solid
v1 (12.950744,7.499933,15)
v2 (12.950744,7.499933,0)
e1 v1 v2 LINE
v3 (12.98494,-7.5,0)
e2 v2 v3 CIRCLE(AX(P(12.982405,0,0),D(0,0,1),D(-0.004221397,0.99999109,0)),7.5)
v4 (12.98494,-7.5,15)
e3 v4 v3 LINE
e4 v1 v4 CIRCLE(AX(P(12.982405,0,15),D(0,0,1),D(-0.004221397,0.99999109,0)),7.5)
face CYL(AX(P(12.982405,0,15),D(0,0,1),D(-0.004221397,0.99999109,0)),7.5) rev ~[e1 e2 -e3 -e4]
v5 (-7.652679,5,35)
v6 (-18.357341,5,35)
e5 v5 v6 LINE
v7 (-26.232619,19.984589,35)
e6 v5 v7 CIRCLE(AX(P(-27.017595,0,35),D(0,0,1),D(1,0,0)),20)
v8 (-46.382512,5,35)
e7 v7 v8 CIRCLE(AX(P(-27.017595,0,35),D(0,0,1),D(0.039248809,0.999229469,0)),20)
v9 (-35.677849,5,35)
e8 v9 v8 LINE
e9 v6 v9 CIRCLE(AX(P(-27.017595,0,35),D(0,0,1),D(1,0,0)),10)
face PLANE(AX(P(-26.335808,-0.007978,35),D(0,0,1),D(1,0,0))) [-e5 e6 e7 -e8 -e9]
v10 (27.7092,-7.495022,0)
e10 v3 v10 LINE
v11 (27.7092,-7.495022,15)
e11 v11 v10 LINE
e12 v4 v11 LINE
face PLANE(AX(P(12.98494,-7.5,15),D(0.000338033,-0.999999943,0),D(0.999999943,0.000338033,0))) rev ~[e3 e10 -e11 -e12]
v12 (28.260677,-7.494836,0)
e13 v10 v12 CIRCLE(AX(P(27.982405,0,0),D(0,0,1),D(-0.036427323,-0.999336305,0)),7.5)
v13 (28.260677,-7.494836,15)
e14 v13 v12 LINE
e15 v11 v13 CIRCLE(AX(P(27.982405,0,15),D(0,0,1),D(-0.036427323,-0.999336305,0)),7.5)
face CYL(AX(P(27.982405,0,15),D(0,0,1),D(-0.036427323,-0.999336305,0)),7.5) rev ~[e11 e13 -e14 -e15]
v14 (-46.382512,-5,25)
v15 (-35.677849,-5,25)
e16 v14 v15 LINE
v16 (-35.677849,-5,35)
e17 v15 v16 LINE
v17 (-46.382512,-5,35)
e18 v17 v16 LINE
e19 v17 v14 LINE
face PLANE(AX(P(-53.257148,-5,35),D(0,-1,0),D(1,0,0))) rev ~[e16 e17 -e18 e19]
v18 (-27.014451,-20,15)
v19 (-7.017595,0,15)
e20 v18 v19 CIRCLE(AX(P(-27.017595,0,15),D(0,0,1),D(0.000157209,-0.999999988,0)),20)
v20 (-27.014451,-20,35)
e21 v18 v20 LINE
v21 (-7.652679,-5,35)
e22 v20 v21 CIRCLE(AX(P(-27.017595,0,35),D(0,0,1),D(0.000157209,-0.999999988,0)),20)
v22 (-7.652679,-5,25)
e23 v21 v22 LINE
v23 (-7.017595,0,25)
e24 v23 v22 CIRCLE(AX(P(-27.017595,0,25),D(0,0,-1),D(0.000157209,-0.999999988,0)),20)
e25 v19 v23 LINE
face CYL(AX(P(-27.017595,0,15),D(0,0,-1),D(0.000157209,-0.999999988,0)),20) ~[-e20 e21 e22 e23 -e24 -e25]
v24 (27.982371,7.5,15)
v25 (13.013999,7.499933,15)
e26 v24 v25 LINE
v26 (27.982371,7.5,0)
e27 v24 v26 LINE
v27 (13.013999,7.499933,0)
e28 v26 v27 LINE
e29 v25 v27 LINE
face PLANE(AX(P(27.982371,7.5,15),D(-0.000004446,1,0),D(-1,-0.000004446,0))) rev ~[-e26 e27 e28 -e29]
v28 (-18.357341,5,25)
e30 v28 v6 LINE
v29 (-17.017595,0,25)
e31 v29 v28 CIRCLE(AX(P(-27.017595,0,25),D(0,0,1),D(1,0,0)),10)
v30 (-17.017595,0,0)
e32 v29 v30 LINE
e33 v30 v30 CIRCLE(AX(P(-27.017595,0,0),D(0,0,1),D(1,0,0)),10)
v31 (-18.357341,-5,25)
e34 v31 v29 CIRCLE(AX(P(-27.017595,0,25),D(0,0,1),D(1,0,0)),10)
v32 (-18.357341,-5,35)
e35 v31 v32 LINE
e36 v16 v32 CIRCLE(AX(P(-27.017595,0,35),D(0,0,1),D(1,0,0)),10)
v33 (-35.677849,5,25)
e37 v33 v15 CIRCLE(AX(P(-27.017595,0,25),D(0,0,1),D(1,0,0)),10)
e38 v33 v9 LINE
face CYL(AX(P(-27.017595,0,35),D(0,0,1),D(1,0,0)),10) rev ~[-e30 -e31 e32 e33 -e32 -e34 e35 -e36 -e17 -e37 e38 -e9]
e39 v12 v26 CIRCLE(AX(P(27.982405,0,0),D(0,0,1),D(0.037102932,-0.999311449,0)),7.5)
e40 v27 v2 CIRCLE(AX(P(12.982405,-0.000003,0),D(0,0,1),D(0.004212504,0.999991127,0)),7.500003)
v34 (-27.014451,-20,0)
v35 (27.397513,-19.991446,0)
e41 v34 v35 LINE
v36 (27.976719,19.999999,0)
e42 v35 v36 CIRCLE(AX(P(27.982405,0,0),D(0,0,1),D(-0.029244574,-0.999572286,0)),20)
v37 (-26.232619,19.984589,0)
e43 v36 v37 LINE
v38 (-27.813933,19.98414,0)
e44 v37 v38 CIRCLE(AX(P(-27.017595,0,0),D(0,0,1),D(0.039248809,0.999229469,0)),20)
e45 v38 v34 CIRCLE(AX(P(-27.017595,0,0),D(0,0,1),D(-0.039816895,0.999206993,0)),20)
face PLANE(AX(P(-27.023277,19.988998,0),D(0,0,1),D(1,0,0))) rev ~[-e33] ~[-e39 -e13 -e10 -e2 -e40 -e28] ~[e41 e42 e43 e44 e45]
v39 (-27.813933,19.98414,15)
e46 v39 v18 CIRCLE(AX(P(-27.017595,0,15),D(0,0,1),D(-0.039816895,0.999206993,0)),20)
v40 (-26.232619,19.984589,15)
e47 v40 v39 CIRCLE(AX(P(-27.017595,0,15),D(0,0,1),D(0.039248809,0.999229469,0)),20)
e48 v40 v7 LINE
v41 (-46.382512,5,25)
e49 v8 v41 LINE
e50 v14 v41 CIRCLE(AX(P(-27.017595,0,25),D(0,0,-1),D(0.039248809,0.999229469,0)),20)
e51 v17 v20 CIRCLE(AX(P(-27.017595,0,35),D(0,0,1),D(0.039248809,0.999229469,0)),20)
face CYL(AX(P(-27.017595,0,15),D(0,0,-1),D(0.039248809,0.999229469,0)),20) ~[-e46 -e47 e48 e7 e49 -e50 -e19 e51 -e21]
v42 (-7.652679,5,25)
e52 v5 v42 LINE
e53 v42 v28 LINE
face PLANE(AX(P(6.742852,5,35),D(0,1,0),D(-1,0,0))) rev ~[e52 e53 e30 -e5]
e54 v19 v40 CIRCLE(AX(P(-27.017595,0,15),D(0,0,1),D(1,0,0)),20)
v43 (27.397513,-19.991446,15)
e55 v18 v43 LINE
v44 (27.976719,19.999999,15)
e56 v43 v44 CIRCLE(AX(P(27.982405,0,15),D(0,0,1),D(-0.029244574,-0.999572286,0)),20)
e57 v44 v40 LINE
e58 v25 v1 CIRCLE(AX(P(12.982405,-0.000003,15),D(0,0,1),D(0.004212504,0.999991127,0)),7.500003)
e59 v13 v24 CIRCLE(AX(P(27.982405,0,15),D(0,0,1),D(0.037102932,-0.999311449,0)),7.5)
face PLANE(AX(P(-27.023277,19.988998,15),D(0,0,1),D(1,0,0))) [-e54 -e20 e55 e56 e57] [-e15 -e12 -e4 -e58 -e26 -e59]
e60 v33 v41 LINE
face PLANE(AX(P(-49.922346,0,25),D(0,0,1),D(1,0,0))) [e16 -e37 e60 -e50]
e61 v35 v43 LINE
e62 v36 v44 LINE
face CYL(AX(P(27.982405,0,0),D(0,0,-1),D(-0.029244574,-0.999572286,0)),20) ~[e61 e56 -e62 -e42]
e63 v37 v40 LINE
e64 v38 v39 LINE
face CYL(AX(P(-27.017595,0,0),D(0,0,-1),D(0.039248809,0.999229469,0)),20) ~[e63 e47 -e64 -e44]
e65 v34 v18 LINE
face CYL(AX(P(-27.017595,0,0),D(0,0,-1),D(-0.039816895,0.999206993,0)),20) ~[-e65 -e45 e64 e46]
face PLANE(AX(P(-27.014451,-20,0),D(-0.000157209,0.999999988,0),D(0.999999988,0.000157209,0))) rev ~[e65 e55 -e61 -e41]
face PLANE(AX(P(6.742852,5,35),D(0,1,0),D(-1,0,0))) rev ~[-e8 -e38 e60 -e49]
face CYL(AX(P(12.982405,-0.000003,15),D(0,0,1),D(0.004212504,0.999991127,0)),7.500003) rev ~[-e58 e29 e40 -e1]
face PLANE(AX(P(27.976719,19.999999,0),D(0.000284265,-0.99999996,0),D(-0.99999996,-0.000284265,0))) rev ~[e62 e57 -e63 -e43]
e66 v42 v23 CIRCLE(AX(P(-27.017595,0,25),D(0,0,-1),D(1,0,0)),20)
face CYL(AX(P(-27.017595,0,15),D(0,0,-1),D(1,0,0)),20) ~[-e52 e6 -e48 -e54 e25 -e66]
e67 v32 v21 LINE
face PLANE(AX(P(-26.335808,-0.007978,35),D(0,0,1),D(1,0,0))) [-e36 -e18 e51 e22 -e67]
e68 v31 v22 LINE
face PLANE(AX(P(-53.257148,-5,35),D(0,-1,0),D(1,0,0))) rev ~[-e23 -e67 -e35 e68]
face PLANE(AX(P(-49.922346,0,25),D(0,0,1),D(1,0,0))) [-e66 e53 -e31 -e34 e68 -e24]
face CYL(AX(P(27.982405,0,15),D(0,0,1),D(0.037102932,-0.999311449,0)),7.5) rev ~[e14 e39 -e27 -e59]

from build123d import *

# Parameters (mm, degrees)
F1_DEPTH = 15
F3_DEPTH = 20
F4_R     = 10
F5_DEPTH = 60.8
F7_DEPTH = 10
F9_DEPTH = 33.1


with BuildPart() as f1:
    # F0 (on Top) → F1 (new body)
    with BuildSketch(Plane.XY):
        with BuildLine():
            Line((-27.8139331382, 19.9841398605), (-26.2326190666, 19.9845893727))
            ThreePointArc((-26.2326190666, 19.9845893727), (-27.0232805468, 19.9999991919), (-27.8139331382, 19.9841398605))
        make_face()
        with BuildLine():
            Line((27.9767194532, 19.9999991919), (-26.2326190666, 19.9845893727))
            Line((-26.2326190666, 19.9845893727), (-27.8139331382, 19.9841398605))
            ThreePointArc((-27.8139331382, 19.9841398605), (-47.0135984526, -0.399819681), (-27.0144510727, -19.9999997529))
            Line((-27.0144510727, -19.9999997529), (27.397513264, -19.9914457192))
            ThreePointArc((27.397513264, -19.9914457192), (47.9803074375, -0.2896346714), (27.9767194532, 19.9999991919))
        make_face()
    extrude(amount=F1_DEPTH)

    # F2 (on face) → F3 (join)
    with BuildSketch(Plane.XY.offset(15)):
        with BuildLine():
            ThreePointArc((-27.0144510727, -19.9999997529), (-12.8743480331, -14.1410239467), (-7.0175952464, 0))
            ThreePointArc((-7.0175952464, 0), (-12.600599658, 13.8618266546), (-26.2326190666, 19.9845893727))
            ThreePointArc((-26.2326190666, 19.9845893727), (-47.0137730139, 0.3909919326), (-27.0144510727, -19.9999997529))
        make_face()
    extrude(amount=F3_DEPTH)

    # F4 (on face) → F5 (cut)
    with BuildSketch(Plane.XY.offset(35)):
        with Locations((-27.0175952464, 0)):
            Circle(F4_R)
    extrude(amount=-F5_DEPTH, mode=Mode.SUBTRACT)

    # F6 (on face) → F7 (cut)
    with BuildSketch(Plane.XY.offset(35)):
        with BuildLine():
            Line((-46.3825119775, 5), (-53.2571481913, 5))
            Line((-53.2571481913, 5), (-53.2571481913, -5))
            Line((-53.2571481913, -5), (-46.3825119775, -5))
            ThreePointArc((-46.3825119775, -5), (-47.0175952464, 0), (-46.3825119775, 5))
        make_face()
        with BuildLine():
            Line((6.7428518087, 5), (-7.6526785154, 5))
            ThreePointArc((-7.6526785154, 5), (-7.1770013211, 2.5200858497), (-7.0175952464, 0))
            ThreePointArc((-7.0175952464, 0), (-7.1770013211, -2.5200858497), (-7.6526785154, -5))
            Line((-7.6526785154, -5), (6.7428518087, -5))
            Line((6.7428518087, -5), (6.7428518087, 5))
        make_face()
        with BuildLine():
            Line((-35.6778492843, 5), (-46.3825119775, 5))
            ThreePointArc((-46.3825119775, 5), (-47.0175952464, 0), (-46.3825119775, -5))
            Line((-46.3825119775, -5), (-35.6778492843, -5))
            ThreePointArc((-35.6778492843, -5), (-37.0175952464, 0), (-35.6778492843, 5))
        make_face()
        with BuildLine():
            Line((-18.3573412086, 5), (-35.6778492843, 5))
            ThreePointArc((-35.6778492843, 5), (-37.0175952464, 0), (-35.6778492843, -5))
            Line((-35.6778492843, -5), (-18.3573412086, -5))
            ThreePointArc((-18.3573412086, -5), (-17.3583369835, -2.588190451), (-17.0175952464, 0))
            ThreePointArc((-17.0175952464, 0), (-17.3583369835, 2.588190451), (-18.3573412086, 5))
        make_face()
        with BuildLine():
            ThreePointArc((-7.0175952464, 0), (-7.1770013211, 2.5200858497), (-7.6526785154, 5))
            Line((-7.6526785154, 5), (-18.3573412086, 5))
            ThreePointArc((-18.3573412086, 5), (-17.3583369835, 2.588190451), (-17.0175952464, 0))
            ThreePointArc((-17.0175952464, 0), (-17.3583369835, -2.588190451), (-18.3573412086, -5))
            Line((-18.3573412086, -5), (-7.6526785154, -5))
            ThreePointArc((-7.6526785154, -5), (-7.1770013211, -2.5200858497), (-7.0175952464, 0))
        make_face()
    extrude(amount=-F7_DEPTH, mode=Mode.SUBTRACT)

    # F8 (on face) → F9 (cut)
    with BuildSketch(Plane.XY.offset(15)):
        with BuildLine():
            Line((28.2606767434, -7.4948358688), (27.7091998301, -7.4950222861))
            ThreePointArc((27.7091998301, -7.4950222861), (27.9849400007, -7.4999995715), (28.2606767434, -7.4948358688))
        make_face()
        with BuildLine():
            Line((12.9849400007, -7.4999995715), (27.7091998301, -7.4950222861))
            Line((27.7091998301, -7.4950222861), (28.2606767434, -7.4948358688))
            ThreePointArc((28.2606767434, -7.4948358688), (35.4811133003, 0.1391766201), (27.9823714109, 7.5))
            Line((27.9823714109, 7.5), (13.0139985431, 7.4999334552))
            ThreePointArc((13.0139985431, 7.4999334552), (12.9823714109, 7.4999999999), (12.9507442793, 7.499933174))
            ThreePointArc((12.9507442793, 7.499933174), (5.4824242428, -0.017097893), (12.9849400007, -7.4999995715))
        make_face()
    extrude(amount=-F9_DEPTH, mode=Mode.SUBTRACT)


solid = f1.part
